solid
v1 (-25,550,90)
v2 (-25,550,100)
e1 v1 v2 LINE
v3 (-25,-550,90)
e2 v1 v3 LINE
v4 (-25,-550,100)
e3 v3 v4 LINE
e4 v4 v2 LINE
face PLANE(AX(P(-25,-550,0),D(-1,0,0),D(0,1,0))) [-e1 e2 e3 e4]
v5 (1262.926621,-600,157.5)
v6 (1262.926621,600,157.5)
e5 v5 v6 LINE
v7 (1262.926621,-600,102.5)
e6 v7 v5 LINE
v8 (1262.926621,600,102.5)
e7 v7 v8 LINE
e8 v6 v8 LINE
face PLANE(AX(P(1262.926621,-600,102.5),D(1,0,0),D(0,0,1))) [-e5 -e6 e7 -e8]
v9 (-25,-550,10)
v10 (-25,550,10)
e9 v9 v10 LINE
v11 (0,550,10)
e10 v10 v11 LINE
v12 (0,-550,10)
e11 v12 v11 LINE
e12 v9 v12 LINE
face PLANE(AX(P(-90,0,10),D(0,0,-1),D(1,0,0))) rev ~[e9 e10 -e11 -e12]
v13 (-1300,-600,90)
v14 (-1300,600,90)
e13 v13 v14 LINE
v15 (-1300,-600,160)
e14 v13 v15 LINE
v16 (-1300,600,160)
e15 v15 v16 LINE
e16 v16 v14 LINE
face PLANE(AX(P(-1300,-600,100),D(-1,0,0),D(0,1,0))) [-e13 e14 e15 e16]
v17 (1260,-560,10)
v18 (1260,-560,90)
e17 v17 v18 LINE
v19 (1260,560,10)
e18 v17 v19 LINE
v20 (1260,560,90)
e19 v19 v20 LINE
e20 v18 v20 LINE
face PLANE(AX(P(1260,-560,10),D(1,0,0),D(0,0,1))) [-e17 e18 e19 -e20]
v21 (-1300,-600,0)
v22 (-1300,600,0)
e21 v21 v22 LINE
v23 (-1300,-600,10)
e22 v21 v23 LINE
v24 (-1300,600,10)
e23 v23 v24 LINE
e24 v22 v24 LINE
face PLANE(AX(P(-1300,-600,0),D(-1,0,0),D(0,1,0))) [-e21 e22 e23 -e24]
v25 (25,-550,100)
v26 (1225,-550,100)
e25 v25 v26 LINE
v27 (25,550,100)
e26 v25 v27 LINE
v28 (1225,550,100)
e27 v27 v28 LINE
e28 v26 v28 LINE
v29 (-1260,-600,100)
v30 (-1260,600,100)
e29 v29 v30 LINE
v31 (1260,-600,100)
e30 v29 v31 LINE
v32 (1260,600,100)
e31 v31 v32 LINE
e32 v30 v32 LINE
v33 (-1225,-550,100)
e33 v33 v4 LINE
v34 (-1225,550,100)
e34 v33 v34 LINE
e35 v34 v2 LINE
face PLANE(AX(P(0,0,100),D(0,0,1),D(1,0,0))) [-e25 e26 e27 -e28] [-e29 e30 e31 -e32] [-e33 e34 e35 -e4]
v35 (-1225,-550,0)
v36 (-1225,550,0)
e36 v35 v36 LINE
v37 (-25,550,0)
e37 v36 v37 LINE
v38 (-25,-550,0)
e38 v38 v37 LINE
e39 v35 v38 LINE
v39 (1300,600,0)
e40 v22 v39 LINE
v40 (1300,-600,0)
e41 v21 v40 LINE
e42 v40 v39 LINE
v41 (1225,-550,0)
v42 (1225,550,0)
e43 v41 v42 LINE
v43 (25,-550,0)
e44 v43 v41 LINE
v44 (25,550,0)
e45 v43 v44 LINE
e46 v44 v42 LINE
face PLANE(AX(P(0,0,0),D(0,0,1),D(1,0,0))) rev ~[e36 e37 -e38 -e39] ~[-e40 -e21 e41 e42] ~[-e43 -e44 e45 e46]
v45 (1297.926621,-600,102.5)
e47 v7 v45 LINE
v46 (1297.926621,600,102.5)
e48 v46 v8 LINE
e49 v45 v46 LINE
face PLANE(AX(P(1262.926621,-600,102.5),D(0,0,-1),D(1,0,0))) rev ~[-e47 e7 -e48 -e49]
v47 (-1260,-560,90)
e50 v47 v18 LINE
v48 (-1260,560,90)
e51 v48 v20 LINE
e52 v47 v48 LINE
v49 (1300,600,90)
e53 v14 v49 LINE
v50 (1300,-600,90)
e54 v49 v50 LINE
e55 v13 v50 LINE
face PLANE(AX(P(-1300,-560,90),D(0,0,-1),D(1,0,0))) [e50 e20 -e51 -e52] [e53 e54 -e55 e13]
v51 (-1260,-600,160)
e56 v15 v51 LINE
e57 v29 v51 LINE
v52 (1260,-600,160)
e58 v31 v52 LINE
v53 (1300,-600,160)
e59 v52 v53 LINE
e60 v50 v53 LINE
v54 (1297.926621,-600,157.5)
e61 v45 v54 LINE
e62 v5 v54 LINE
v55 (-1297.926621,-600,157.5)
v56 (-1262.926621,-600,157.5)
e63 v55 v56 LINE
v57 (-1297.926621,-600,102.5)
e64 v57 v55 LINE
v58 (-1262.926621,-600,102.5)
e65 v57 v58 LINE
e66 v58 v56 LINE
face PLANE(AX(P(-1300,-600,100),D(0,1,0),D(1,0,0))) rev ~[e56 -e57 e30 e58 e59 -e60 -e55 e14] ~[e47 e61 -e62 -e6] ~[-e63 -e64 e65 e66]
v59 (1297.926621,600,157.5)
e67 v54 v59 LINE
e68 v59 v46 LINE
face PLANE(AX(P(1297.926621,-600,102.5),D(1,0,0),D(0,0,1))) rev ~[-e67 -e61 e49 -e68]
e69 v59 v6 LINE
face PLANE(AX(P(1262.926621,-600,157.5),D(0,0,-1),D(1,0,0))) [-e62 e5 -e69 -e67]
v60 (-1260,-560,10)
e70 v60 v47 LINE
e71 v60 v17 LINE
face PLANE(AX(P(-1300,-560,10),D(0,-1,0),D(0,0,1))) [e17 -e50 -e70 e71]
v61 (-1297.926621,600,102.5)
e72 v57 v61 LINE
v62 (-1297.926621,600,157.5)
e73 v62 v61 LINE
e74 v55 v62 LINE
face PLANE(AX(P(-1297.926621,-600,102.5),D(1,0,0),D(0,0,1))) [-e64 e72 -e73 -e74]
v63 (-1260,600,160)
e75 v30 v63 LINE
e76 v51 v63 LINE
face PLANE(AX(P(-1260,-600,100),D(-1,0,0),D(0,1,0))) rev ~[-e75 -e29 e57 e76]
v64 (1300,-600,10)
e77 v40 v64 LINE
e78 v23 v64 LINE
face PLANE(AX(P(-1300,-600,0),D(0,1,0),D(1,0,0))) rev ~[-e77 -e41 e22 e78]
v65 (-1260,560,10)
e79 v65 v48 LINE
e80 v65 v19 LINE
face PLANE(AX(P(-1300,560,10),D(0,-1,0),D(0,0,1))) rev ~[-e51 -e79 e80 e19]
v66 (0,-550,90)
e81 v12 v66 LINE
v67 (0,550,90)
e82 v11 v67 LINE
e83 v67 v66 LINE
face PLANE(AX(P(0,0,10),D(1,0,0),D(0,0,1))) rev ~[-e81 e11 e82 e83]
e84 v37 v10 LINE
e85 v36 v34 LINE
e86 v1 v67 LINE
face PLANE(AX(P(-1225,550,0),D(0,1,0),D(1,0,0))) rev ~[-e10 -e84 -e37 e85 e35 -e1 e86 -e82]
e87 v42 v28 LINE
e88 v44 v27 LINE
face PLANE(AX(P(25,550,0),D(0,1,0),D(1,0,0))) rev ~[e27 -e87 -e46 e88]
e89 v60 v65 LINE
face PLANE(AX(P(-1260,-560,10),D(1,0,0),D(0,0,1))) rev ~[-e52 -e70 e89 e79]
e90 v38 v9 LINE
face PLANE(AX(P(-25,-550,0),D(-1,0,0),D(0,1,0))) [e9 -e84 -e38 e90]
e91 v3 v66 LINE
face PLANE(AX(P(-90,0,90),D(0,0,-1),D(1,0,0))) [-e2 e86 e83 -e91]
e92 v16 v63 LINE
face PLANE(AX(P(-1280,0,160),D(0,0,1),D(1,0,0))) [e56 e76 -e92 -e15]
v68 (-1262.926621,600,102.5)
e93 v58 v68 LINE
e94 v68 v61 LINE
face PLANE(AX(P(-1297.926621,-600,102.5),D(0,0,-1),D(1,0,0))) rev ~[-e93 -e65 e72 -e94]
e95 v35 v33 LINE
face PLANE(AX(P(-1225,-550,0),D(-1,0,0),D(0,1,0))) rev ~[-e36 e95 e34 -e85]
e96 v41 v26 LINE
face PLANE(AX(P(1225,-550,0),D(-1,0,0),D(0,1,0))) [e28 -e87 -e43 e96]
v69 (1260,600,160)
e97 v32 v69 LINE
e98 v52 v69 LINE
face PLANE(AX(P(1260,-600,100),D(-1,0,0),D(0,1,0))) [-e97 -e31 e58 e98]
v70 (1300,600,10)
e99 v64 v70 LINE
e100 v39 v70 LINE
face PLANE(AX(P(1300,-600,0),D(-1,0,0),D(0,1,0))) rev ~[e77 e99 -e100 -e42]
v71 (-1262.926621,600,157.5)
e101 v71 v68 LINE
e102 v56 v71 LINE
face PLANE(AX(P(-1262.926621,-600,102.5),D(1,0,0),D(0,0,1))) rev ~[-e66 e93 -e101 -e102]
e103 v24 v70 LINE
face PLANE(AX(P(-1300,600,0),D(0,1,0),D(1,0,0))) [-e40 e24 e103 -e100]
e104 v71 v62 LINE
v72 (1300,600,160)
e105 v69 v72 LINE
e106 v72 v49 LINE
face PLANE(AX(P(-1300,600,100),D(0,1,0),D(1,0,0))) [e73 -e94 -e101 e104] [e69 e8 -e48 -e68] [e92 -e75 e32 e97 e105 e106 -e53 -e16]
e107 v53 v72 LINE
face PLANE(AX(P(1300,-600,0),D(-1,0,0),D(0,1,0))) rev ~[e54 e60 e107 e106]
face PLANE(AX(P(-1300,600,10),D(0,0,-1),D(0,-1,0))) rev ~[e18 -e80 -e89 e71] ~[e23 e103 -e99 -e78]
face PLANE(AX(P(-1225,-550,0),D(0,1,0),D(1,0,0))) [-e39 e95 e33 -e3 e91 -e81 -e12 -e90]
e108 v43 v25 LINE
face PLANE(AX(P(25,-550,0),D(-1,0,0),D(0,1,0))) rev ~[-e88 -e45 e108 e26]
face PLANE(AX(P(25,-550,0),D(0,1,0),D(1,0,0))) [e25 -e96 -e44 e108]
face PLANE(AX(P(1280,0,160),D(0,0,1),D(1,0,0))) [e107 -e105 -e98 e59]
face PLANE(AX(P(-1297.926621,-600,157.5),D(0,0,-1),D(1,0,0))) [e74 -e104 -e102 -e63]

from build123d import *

# Parameters (mm, degrees)
F0_W          = 2600
F0_H          = 1200
F0_W_2        = 1200
F0_H_2        = 1100
F1_DEPTH      = 100
F2_W          = 40
F2_H          = 80
F3_DEPTH      = 2600.001
F4_W          = 40
F4_H          = 80
F5_DEPTH      = 1160.001
F6_W          = 90
F6_H          = 80
F7_DEPTH      = 550
F7_DEPTH_BACK = 550
F8_W          = 40
F8_H          = 1200
F9_DEPTH      = 60
F10_W         = 35
F10_H         = 55
F11_DEPTH     = 1200.001


with BuildPart() as f1:
    # F0 (on Top) → F1 (new body)
    with BuildSketch(Plane.XY):
        Rectangle(F0_W, F0_H)
        with Locations((-625, 0)):
            Rectangle(F0_W_2, F0_H_2, mode=Mode.SUBTRACT)
        with Locations((625, 0)):
            Rectangle(F0_W_2, F0_H_2, mode=Mode.SUBTRACT)
    extrude(amount=F1_DEPTH)

    # F2 (on face) → F3 (cut, through all)
    with BuildSketch(Plane(origin=(-1300, 0, 0), x_dir=(0, -1, 0), z_dir=(-1, 0, 0))):
        with Locations((-580, 50)):
            Rectangle(F2_W, F2_H)
        with Locations((580, 50)):
            Rectangle(F2_W, F2_H)
    extrude(amount=-F3_DEPTH, mode=Mode.SUBTRACT)

    # F4 (on face) → F5 (cut, through all)
    with BuildSketch(Plane.XZ.offset(560)):
        with Locations((1280, 50)):
            Rectangle(F4_W, F4_H)
        with Locations((-1280, 50)):
            Rectangle(F4_W, F4_H)
    extrude(amount=-F5_DEPTH, mode=Mode.SUBTRACT)

    # F6 (on Front) → F7 (cut, two sides)
    with BuildSketch(Plane.XZ) as f7_sk:
        with Locations((-45, 50)):
            Rectangle(F6_W, F6_H)
    extrude(amount=-F7_DEPTH, mode=Mode.SUBTRACT)
    extrude(f7_sk.sketch, amount=F7_DEPTH_BACK, mode=Mode.SUBTRACT)

    # F8 (on face) → F9 (join)
    with BuildSketch(Plane.XY.offset(100)):
        with Locations((-1280, 0)):
            Rectangle(F8_W, F8_H)
        with Locations((1280, 0)):
            Rectangle(F8_W, F8_H)
    extrude(amount=F9_DEPTH)

    # F10 (on face) → F11 (cut, through all)
    with BuildSketch(Plane.XZ.offset(600)):
        with Locations((1280.4266214371, 130)):
            Rectangle(F10_W, F10_H)
        with Locations((-1280.4266214371, 130)):
            Rectangle(F10_W, F10_H)
    extrude(amount=-F11_DEPTH, mode=Mode.SUBTRACT)


solid = f1.part
